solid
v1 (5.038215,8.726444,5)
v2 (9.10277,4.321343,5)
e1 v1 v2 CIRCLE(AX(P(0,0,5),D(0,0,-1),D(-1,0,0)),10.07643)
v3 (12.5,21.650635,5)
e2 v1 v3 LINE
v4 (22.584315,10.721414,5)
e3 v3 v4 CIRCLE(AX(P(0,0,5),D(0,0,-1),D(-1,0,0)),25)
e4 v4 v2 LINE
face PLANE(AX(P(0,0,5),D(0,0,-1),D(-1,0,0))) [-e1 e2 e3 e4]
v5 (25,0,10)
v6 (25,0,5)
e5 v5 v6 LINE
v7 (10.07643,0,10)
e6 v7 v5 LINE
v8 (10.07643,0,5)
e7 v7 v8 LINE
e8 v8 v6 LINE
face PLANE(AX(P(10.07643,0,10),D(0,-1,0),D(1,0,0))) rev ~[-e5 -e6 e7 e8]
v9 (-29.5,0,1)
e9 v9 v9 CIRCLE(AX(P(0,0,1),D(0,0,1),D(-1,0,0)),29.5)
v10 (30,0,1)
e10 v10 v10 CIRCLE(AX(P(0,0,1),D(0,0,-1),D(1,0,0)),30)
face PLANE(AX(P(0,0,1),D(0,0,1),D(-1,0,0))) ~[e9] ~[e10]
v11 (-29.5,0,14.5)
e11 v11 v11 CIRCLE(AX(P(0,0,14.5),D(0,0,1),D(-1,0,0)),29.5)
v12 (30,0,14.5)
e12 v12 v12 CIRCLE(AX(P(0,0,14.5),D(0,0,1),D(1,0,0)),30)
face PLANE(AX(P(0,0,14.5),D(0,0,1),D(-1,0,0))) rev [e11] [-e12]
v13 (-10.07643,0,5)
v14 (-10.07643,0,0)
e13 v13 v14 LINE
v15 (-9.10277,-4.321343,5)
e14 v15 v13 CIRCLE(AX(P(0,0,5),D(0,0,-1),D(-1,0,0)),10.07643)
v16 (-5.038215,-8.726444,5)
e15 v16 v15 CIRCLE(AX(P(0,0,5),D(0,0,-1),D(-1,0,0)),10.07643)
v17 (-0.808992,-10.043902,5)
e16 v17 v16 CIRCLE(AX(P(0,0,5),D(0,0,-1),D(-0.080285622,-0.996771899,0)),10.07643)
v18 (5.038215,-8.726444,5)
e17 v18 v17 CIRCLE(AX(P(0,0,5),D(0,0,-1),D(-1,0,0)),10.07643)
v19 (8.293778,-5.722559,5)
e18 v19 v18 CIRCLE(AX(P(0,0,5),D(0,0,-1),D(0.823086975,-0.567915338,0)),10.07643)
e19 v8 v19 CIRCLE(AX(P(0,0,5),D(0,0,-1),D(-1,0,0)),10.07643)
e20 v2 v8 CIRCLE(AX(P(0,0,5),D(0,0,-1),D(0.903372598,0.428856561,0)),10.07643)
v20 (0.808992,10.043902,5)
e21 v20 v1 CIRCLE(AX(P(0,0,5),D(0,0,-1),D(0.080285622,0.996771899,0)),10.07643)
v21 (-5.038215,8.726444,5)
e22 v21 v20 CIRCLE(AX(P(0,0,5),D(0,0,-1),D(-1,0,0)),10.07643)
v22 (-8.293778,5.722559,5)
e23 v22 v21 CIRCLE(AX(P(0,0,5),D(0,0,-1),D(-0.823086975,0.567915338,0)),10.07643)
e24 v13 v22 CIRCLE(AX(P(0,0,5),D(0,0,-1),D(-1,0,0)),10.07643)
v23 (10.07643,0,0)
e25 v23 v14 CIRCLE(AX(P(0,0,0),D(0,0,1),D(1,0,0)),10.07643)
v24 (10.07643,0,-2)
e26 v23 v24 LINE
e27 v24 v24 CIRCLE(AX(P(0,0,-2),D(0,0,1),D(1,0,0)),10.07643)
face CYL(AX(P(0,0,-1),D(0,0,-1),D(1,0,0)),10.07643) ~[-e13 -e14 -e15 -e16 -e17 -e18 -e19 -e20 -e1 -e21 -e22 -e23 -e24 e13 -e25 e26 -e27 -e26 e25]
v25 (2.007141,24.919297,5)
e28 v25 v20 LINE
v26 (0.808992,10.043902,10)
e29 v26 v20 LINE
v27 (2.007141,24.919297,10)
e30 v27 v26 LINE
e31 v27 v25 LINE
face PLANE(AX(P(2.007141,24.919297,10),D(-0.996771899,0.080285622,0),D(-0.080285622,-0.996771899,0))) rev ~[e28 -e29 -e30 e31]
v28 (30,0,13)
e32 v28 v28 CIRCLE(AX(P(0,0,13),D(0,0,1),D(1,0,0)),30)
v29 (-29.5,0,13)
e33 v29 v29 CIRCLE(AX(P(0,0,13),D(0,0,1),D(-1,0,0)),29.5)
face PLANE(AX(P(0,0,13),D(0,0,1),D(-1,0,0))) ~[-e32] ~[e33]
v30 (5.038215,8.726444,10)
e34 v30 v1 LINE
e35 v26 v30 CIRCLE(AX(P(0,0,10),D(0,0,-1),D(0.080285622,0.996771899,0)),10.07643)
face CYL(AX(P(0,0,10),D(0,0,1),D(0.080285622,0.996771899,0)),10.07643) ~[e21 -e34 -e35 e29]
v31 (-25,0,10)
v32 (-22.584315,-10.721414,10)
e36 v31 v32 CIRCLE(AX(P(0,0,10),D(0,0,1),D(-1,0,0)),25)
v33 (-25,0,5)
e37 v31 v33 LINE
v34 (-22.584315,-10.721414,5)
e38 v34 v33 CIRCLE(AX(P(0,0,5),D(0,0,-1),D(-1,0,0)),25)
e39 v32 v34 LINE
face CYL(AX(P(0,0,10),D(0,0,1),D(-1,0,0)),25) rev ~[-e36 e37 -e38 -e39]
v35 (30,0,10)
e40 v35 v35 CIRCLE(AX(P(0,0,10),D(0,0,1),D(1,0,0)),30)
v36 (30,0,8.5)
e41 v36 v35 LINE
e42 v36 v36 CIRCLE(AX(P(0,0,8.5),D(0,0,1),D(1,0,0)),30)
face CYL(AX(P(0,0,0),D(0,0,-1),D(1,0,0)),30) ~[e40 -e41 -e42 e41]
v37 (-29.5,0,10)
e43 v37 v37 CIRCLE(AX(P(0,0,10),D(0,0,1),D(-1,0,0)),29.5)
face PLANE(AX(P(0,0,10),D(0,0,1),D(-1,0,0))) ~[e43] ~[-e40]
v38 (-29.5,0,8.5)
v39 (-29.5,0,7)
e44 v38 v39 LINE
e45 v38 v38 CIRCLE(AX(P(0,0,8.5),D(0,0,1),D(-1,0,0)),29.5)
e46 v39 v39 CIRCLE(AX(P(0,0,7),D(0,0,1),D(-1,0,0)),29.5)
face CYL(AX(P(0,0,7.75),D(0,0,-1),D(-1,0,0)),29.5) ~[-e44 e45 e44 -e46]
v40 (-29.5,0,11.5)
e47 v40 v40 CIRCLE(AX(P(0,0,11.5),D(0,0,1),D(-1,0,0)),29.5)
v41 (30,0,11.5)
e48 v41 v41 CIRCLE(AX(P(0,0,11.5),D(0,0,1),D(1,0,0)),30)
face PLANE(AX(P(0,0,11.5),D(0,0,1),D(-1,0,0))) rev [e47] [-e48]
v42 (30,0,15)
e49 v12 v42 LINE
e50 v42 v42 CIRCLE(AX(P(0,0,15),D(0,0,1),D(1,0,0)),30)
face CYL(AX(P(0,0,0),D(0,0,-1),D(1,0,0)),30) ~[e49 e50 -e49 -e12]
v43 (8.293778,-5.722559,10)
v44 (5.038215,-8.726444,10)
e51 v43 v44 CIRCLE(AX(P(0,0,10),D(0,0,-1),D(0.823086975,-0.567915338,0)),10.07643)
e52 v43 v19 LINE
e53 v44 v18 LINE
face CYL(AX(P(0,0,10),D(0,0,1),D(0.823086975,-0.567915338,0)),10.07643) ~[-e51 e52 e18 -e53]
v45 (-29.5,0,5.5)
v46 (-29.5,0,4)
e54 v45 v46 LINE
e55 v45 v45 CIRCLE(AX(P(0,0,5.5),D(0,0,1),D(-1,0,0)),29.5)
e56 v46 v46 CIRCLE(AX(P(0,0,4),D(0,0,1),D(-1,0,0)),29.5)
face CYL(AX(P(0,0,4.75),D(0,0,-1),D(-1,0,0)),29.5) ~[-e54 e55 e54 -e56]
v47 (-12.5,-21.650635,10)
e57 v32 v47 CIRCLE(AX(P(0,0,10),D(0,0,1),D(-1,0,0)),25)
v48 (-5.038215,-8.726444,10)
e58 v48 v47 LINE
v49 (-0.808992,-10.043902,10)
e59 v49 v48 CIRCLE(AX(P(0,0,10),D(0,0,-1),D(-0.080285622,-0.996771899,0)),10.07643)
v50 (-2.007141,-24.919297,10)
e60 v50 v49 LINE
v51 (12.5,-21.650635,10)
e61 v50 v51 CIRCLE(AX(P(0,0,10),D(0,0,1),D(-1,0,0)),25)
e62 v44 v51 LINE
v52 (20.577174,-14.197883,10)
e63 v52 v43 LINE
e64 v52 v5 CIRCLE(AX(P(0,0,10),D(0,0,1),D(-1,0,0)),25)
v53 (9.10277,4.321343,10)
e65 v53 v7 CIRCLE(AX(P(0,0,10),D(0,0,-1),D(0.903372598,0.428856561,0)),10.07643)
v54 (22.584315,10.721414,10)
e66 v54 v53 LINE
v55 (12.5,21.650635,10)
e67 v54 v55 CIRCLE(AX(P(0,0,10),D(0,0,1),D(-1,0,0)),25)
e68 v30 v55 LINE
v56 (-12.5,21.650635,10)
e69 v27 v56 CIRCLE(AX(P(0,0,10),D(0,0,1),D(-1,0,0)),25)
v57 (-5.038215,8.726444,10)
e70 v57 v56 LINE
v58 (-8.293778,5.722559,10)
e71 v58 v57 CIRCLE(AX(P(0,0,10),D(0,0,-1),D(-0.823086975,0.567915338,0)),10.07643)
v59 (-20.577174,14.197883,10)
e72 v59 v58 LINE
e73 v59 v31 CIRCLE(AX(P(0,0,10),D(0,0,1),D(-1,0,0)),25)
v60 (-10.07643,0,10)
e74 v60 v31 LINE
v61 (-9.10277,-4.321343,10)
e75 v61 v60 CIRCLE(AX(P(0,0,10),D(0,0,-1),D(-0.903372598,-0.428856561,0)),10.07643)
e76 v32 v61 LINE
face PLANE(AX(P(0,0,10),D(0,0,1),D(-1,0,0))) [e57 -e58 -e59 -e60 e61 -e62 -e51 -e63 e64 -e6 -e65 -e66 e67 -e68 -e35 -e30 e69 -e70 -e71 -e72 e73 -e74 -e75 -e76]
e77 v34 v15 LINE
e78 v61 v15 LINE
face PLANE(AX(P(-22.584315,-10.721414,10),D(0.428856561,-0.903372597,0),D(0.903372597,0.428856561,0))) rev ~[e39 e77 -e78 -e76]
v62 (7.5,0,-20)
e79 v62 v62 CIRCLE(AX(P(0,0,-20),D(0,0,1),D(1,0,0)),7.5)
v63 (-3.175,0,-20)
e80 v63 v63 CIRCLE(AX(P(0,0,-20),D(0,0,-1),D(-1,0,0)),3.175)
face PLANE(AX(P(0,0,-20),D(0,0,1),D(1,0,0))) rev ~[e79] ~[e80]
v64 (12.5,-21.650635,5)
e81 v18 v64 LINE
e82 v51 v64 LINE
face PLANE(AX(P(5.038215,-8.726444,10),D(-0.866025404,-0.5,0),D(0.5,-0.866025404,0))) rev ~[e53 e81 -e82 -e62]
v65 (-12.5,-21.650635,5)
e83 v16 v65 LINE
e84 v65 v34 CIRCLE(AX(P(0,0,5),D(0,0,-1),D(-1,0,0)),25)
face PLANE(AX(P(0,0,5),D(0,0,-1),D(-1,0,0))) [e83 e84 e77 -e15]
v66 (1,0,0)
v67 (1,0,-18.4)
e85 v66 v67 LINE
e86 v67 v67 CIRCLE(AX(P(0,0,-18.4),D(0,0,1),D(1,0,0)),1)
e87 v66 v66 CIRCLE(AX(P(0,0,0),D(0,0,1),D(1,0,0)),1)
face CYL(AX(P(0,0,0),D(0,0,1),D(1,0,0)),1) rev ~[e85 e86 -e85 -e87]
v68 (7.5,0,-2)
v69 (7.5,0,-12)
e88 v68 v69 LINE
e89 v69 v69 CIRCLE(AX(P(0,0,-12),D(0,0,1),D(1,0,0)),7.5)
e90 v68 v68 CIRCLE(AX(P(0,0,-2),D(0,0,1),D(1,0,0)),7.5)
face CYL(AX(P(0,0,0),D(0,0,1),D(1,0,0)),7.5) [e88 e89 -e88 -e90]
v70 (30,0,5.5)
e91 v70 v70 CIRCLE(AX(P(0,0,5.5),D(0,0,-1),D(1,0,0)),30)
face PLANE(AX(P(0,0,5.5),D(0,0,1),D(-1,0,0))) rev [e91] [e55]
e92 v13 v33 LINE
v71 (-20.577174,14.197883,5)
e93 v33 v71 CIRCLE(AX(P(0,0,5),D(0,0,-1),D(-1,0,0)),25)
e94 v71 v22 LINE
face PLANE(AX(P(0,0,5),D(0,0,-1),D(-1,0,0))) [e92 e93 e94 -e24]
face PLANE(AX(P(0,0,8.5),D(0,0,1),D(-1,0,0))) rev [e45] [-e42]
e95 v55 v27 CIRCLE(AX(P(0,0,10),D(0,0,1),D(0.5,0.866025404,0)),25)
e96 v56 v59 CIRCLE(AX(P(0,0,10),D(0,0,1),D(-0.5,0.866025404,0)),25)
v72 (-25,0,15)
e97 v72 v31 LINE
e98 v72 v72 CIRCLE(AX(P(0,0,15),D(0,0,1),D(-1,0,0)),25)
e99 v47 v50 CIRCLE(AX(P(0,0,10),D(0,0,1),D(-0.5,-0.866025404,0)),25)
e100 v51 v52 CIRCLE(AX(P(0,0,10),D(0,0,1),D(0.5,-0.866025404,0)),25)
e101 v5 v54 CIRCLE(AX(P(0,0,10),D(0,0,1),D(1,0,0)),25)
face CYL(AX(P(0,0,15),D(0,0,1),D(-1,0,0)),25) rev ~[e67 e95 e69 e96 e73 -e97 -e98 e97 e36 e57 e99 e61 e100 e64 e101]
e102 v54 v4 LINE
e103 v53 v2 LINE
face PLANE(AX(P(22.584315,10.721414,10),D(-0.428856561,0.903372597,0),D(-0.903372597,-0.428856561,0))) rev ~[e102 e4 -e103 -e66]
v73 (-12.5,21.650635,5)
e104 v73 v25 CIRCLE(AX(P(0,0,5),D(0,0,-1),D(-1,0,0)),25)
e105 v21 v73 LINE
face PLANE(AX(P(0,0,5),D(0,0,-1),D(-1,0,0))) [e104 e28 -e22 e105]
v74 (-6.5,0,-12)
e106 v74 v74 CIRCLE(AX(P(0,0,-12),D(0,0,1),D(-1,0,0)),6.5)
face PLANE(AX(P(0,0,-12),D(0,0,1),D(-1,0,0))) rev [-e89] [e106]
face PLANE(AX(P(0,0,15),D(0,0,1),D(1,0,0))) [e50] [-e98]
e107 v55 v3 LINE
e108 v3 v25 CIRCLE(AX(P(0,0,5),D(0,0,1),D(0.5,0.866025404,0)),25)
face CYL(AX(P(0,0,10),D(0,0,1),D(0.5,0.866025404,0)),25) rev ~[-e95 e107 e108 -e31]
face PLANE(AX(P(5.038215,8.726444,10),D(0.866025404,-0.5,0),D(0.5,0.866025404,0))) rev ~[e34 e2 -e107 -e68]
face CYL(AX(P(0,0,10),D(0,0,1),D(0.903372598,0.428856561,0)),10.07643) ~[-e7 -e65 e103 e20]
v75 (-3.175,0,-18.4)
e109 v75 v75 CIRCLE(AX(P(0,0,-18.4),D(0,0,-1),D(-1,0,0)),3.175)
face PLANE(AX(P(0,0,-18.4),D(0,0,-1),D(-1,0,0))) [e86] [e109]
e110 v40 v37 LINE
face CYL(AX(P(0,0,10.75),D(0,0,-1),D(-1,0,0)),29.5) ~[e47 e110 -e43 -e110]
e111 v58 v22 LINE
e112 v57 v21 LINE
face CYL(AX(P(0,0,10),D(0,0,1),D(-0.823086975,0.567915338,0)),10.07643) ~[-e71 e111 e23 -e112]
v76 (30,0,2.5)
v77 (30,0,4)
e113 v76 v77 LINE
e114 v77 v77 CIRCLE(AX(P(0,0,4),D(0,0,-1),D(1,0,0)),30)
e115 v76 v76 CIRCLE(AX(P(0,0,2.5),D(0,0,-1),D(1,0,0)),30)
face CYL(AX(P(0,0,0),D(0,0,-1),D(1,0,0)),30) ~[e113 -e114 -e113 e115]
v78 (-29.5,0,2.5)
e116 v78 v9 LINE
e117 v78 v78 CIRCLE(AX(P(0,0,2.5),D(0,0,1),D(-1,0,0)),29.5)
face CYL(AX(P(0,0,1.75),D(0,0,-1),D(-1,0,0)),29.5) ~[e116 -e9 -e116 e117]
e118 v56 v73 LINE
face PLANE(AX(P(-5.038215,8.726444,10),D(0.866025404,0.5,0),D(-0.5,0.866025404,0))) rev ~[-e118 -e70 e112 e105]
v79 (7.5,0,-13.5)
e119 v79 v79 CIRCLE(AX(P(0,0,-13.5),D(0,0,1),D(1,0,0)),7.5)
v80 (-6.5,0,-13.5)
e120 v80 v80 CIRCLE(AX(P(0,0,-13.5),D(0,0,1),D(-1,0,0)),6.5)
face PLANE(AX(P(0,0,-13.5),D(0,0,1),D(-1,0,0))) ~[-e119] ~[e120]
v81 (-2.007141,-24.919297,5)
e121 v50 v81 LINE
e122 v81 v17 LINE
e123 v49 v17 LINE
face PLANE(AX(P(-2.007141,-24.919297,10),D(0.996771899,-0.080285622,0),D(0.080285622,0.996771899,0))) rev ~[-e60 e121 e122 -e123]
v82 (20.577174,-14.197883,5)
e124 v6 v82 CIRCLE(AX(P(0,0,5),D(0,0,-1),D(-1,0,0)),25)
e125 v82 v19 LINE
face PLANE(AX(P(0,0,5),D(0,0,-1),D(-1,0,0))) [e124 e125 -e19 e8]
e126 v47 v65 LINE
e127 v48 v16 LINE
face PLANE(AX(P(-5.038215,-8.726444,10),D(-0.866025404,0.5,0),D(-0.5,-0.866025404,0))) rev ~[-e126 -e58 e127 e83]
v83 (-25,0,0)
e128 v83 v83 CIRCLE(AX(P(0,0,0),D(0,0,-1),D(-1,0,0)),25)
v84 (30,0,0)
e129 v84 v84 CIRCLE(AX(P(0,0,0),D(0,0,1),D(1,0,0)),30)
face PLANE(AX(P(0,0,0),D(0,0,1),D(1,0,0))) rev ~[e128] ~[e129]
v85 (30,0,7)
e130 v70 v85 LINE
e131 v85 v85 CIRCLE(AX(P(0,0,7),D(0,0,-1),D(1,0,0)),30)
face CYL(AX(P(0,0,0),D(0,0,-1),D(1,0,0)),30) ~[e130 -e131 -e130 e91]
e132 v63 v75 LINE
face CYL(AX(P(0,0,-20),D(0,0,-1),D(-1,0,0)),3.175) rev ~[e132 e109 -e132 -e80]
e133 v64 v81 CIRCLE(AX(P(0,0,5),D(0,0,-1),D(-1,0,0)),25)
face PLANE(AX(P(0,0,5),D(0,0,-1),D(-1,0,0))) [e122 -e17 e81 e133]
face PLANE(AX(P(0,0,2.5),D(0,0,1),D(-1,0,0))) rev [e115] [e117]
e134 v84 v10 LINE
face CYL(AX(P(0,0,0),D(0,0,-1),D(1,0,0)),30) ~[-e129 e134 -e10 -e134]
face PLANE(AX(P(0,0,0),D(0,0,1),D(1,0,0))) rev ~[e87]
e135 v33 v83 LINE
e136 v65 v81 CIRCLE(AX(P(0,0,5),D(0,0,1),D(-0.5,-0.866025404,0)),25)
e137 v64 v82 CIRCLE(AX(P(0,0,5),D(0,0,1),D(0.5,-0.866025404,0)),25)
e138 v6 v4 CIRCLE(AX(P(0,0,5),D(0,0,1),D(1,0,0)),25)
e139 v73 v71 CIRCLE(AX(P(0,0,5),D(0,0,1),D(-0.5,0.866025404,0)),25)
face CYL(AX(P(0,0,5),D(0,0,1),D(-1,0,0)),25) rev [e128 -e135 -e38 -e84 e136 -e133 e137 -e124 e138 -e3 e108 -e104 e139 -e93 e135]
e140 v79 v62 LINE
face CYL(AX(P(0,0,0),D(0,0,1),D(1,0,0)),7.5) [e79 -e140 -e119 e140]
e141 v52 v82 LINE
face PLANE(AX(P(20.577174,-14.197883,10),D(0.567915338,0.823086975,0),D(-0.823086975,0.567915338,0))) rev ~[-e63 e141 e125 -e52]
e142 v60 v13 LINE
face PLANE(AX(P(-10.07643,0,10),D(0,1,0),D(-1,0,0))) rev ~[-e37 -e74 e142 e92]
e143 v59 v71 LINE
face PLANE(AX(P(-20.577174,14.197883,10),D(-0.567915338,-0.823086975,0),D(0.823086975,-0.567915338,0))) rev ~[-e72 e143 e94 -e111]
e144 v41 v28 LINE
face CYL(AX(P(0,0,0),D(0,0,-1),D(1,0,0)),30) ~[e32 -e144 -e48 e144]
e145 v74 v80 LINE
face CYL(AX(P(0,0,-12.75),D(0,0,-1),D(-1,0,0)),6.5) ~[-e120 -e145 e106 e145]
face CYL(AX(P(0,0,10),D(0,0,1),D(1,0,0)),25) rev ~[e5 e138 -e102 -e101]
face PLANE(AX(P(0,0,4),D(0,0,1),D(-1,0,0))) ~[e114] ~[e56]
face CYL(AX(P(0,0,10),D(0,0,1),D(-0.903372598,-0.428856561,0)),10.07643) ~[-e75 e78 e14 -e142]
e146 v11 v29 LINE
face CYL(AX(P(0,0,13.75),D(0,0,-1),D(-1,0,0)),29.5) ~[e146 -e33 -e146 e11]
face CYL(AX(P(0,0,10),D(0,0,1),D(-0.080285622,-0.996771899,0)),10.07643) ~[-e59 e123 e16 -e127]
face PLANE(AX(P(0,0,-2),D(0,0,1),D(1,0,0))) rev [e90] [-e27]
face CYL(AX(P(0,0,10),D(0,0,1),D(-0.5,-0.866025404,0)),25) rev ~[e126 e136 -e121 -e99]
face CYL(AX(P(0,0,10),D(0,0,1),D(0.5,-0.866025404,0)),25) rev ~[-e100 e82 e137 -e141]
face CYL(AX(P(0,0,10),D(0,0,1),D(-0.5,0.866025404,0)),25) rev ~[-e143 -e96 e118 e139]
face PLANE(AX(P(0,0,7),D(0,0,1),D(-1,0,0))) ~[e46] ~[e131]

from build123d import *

# Parameters (mm, degrees)
SKETCH1_R           = 30
BOSS_EXTRUDE1_DEPTH = 15
SKETCH2_R           = 7.5
SKETCH2_R_2         = 1
BOSS_EXTRUDE2_DEPTH = 20
SKETCH4_R           = 3.175
CUT_EXTRUDE1_DEPTH  = 1.6
SKETCH5_W           = 2
SKETCH5_H           = 2.576429586
SKETCH5_W_2         = 1.5
SKETCH5_H_2         = 1
SKETCH5_4_W         = 1.5
SKETCH5_4_H         = 1
CUT_EXTRUDE2_START  = -5
SKETCH6_R           = 25
SKETCH6_R_2         = 10.076429586
CUT_EXTRUDE2_DEPTH  = 5
SKETCH7_R           = 25
CUT_EXTRUDE3_DEPTH  = 5
CUT_EXTRUDE4_START  = -5
CUT_EXTRUDE4_DEPTH  = 5
SKETCH9_W           = 1.5
SKETCH9_H           = 0.5


with BuildPart() as part:
    # Sketch1 → Boss-Extrude1 (new body)
    with BuildSketch(Plane.XY):
        Circle(SKETCH1_R)
    extrude(amount=BOSS_EXTRUDE1_DEPTH)

    # Sketch2 → Boss-Extrude2 (add)
    with BuildSketch(Plane.XY):
        Circle(SKETCH2_R)
        Circle(SKETCH2_R_2, mode=Mode.SUBTRACT)
    extrude(amount=-BOSS_EXTRUDE2_DEPTH)

    # Sketch4 → Cut-Extrude1 (cut)
    with BuildSketch(Plane(origin=(0, 0, -20), x_dir=(-1, 0, 0), z_dir=(0, 0, -1))):
        Circle(SKETCH4_R)
    extrude(amount=-CUT_EXTRUDE1_DEPTH, mode=Mode.SUBTRACT)

    # Sketch5 → Revolve2 (revolve)
    with BuildSketch(Plane(origin=(0, 0, 0), x_dir=(0, 0, -1), z_dir=(1, 0, 0))):
        with Locations((1, 8.788214793)):
            Rectangle(SKETCH5_W, SKETCH5_H)
        with Locations((12.75, 7)):
            Rectangle(SKETCH5_W_2, SKETCH5_H_2)
    revolve(axis=Axis((0, 0, -21.75), (0, 0, 1)))

    # Sketch5<4> → Cut-Revolve1 (revolve, cut)
    with BuildSketch(Plane(origin=(0, 0, 0), x_dir=(0, 0, -1), z_dir=(1, 0, 0))):
        with Locations((12.75, 7)):
            Rectangle(SKETCH5_4_W, SKETCH5_4_H)
    revolve(axis=Axis((0, 0, -21.75), (0, 0, 1)), mode=Mode.SUBTRACT)

    # Sketch6 → Cut-Extrude2 (cut)
    with BuildSketch(Plane(origin=(0, 0, 0), x_dir=(-1, 0, 0), z_dir=(0, 0, -1)).offset(CUT_EXTRUDE2_START)):
        Circle(SKETCH6_R)
        Circle(SKETCH6_R_2, mode=Mode.SUBTRACT)
    extrude(amount=CUT_EXTRUDE2_DEPTH, mode=Mode.SUBTRACT)

    # Sketch7 → Cut-Extrude3 (cut)
    with BuildSketch(Plane.XY.offset(15)):
        Circle(SKETCH7_R)
    extrude(amount=-CUT_EXTRUDE3_DEPTH, mode=Mode.SUBTRACT)

    # Sketch8 → Cut-Extrude4 (cut)
    with BuildSketch(Plane(origin=(0, 0, 5), x_dir=(-1, 0, 0), z_dir=(0, 0, -1)).offset(CUT_EXTRUDE4_START)):
        with BuildLine():
            Line((-10.076429586, 0), (-25, 0))
            ThreePointArc((-25, 0), (-24.388602599, 5.495094475), (-22.584314937, 10.721414032))
            Line((-22.584314937, 10.721414032), (-9.102770368, 4.321342942))
            ThreePointArc((-9.102770368, 4.321342942), (-9.830001471, 2.214837302), (-10.076429586, 0))
        make_face()
        with BuildLine():
            Line((-2.007140552, 24.919297478), (-0.808992418, 10.043901854))
            ThreePointArc((-0.808992418, 10.043901854), (-2.996895367, 9.620449644), (-5.038214793, 8.726444001))
            Line((-5.038214793, 8.726444001), (-12.5, 21.650635095))
            ThreePointArc((-12.5, 21.650635095), (-7.435409888, 23.868696651), (-2.007140552, 24.919297478))
        make_face()
        with BuildLine():
            Line((20.577174384, 14.197883446), (8.29377795, 5.722558913))
            ThreePointArc((8.29377795, 5.722558913), (6.833106104, 7.405612342), (5.038214793, 8.726444001))
            Line((5.038214793, 8.726444001), (12.5, 21.650635095))
            ThreePointArc((12.5, 21.650635095), (16.953192711, 18.373602176), (20.577174384, 14.197883446))
        make_face()
        with BuildLine():
            Line((22.584314937, -10.721414032), (9.102770368, -4.321342942))
            ThreePointArc((9.102770368, -4.321342942), (9.830001471, -2.214837302), (10.076429586, 0))
            Line((10.076429586, 0), (25, 0))
            ThreePointArc((25, 0), (24.388602599, -5.495094475), (22.584314937, -10.721414032))
        make_face()
        with BuildLine():
            Line((2.007140552, -24.919297478), (0.808992418, -10.043901854))
            ThreePointArc((0.808992418, -10.043901854), (2.996895367, -9.620449644), (5.038214793, -8.726444001))
            Line((5.038214793, -8.726444001), (12.5, -21.650635095))
            ThreePointArc((12.5, -21.650635095), (7.435409888, -23.868696651), (2.007140552, -24.919297478))
        make_face()
        with BuildLine():
            Line((-20.577174384, -14.197883446), (-8.29377795, -5.722558913))
            ThreePointArc((-8.29377795, -5.722558913), (-6.833106104, -7.405612342), (-5.038214793, -8.726444001))
            Line((-5.038214793, -8.726444001), (-12.5, -21.650635095))
            ThreePointArc((-12.5, -21.650635095), (-16.953192711, -18.373602176), (-20.577174384, -14.197883446))
        make_face()
    extrude(amount=CUT_EXTRUDE4_DEPTH, mode=Mode.SUBTRACT)

    # Sketch9 → Cut-Revolve2 (revolve, cut)
    with BuildSketch(Plane(origin=(0, 0, 0), x_dir=(0, 0, -1), z_dir=(1, 0, 0))):
        with Locations((-1.75, 29.75)):
            Rectangle(SKETCH9_W, SKETCH9_H)
        with Locations((-4.75, 29.75)):
            Rectangle(SKETCH9_W, SKETCH9_H)
        with Locations((-7.75, 29.75)):
            Rectangle(SKETCH9_W, SKETCH9_H)
        with Locations((-10.75, 29.75)):
            Rectangle(SKETCH9_W, SKETCH9_H)
        with Locations((-13.75, 29.75)):
            Rectangle(SKETCH9_W, SKETCH9_H)
    revolve(axis=Axis((0, 0, -21.75), (0, 0, 1)), mode=Mode.SUBTRACT)


solid = part.part
